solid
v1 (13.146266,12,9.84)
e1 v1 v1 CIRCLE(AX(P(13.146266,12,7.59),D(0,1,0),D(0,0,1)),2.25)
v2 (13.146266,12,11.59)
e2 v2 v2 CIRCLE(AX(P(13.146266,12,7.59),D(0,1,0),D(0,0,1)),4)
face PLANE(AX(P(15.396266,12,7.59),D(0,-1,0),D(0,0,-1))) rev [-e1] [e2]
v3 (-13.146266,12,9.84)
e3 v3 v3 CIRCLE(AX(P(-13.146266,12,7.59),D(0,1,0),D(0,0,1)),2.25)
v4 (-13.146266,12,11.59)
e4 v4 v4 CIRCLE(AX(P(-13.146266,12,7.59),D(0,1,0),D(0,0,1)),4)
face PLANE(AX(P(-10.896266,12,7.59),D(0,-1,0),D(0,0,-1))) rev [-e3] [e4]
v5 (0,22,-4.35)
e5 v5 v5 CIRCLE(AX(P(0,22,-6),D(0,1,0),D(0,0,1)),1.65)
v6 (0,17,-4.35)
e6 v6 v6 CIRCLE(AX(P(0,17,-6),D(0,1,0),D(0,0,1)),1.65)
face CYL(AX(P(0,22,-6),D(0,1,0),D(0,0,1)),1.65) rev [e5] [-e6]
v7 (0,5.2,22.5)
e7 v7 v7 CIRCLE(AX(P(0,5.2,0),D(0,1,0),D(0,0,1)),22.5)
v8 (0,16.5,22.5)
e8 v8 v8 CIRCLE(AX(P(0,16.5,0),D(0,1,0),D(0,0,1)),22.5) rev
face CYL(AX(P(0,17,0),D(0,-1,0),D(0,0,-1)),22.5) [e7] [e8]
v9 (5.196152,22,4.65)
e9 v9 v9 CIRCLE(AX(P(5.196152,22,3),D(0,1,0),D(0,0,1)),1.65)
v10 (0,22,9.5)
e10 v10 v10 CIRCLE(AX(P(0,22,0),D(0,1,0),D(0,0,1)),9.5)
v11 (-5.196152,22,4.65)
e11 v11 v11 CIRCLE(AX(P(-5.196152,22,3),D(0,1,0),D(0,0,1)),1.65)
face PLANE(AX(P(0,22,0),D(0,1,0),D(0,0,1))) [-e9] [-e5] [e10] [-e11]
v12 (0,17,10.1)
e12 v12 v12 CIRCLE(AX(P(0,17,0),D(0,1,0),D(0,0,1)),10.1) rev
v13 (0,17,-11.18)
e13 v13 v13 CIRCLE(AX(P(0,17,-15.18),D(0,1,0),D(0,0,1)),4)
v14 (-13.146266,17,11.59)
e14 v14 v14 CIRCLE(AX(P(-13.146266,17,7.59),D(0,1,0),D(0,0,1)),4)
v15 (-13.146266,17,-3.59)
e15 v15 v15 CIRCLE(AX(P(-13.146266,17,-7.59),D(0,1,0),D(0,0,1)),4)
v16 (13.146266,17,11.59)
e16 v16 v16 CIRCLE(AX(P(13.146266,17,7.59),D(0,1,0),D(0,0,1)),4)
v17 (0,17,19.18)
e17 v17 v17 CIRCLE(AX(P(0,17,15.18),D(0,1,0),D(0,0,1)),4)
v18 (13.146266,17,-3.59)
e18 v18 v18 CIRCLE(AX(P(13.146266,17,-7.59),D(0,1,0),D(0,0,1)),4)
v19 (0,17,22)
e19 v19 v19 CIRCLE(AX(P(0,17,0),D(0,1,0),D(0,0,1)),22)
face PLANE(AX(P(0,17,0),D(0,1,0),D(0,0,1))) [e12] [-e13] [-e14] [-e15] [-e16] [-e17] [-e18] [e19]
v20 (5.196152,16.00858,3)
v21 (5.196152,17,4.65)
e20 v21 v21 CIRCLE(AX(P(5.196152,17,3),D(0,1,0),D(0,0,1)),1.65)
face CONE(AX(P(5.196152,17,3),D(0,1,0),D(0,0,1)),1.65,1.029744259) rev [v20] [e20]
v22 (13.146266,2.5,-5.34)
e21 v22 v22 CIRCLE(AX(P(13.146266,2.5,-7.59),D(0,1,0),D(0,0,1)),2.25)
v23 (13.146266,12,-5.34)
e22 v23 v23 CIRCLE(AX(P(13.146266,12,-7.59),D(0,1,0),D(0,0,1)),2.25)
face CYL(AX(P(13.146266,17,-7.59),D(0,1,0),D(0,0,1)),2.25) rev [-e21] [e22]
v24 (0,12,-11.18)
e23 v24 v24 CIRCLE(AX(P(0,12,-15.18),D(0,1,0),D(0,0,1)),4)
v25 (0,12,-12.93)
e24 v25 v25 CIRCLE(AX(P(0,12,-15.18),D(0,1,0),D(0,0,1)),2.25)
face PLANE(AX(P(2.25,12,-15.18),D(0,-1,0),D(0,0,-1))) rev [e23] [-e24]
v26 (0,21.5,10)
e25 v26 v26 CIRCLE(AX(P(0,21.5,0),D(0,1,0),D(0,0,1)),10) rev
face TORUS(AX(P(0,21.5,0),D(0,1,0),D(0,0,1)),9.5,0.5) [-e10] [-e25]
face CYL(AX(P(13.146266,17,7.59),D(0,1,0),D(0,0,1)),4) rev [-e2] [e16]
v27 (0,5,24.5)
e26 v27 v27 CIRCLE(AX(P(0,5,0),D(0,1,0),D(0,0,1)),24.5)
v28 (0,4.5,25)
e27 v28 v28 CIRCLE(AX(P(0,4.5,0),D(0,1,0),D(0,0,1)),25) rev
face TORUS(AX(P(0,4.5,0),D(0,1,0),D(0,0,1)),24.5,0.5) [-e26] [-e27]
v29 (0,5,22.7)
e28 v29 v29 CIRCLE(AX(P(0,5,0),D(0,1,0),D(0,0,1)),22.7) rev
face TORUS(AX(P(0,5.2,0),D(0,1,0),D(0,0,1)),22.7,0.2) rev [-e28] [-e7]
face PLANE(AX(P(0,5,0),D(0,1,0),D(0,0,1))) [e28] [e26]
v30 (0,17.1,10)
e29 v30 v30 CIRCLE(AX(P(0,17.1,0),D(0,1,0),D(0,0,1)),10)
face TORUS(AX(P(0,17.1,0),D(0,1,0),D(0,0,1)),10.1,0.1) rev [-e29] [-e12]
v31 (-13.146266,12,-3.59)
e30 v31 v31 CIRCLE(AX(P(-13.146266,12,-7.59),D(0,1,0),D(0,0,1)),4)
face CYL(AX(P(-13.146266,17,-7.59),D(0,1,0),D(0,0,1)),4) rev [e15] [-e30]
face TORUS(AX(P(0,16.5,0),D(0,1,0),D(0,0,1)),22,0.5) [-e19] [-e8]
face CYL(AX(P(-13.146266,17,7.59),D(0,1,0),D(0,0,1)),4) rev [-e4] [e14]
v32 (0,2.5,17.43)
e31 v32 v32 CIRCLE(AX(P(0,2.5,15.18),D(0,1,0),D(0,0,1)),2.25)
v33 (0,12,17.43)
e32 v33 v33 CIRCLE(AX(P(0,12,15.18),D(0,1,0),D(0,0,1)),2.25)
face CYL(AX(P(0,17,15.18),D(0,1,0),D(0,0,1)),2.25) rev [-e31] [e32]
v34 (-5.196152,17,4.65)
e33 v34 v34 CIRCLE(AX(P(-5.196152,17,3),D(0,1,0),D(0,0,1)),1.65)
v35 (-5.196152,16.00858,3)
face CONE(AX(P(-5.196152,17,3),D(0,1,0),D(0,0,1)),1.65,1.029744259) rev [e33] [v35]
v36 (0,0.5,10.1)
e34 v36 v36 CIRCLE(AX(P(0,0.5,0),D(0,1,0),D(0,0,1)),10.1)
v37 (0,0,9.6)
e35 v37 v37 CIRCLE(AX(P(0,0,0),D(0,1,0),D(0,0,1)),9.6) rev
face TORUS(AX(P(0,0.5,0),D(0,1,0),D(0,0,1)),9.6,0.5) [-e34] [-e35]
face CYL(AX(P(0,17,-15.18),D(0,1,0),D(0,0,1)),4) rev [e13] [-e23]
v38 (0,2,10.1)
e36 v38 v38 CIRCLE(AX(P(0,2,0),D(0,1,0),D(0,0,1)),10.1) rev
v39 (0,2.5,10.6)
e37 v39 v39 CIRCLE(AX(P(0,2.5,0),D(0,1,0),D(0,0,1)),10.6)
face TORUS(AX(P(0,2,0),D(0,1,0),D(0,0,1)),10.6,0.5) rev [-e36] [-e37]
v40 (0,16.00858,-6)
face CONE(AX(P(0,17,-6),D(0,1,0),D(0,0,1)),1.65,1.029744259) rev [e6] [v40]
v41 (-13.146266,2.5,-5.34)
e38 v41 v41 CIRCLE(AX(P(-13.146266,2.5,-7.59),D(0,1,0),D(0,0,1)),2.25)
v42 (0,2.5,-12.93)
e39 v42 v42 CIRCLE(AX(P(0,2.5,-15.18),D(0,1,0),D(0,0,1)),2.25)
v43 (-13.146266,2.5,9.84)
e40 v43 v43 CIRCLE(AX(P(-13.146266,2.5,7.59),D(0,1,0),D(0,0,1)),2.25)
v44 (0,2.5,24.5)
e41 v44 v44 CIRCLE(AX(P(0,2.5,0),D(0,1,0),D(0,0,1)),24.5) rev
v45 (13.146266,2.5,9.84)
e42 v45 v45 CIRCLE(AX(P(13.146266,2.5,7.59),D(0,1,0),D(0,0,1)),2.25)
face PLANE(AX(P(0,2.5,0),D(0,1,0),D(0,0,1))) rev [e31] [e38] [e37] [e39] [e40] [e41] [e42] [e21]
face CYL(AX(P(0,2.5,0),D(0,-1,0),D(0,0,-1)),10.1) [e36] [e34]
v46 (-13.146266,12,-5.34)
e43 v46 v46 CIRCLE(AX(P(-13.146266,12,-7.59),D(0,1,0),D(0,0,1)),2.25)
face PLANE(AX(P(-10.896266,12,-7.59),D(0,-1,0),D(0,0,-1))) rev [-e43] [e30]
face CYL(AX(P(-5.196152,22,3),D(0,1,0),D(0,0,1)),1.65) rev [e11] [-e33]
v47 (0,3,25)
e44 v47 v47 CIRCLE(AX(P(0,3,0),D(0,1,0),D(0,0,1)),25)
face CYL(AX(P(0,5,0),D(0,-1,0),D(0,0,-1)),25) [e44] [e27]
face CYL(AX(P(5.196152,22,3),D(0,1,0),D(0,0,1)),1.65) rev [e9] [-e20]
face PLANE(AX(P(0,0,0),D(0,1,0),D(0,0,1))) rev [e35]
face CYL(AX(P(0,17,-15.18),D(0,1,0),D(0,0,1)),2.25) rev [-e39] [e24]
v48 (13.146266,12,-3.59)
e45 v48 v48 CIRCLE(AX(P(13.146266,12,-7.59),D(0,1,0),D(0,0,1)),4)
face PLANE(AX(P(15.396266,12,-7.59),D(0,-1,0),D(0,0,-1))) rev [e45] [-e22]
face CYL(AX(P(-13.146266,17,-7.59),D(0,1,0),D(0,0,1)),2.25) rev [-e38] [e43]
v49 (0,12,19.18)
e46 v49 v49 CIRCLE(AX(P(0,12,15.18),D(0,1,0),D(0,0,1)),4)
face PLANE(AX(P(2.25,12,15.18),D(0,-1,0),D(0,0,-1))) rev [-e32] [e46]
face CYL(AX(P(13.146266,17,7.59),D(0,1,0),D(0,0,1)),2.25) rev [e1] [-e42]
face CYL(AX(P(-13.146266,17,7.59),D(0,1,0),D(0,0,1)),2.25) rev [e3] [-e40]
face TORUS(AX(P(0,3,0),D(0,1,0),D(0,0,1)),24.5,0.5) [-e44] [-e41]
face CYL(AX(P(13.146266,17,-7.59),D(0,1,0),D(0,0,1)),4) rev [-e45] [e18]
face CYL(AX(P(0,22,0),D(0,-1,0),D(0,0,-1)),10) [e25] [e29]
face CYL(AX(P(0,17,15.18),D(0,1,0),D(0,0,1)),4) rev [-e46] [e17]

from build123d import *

# Parameters (mm, degrees)
SKETCH_1_R                   = 10.1
EXTRUDE_1_DEPTH              = 2.5
SKETCH_2_R                   = 25
EXTRUDE_2_DEPTH              = 2.5
SKETCH_3_R                   = 22.5
EXTRUDE_4_DEPTH              = 12
SKETCH_5_R                   = 10
EXTRUDE_5_DEPTH              = 5
HOLE_WIZARD_M4_1_D           = 4.5
HOLE_WIZARD_M4_1_CBORE_D     = 8
HOLE_WIZARD_M4_1_CBORE_DEPTH = 5
PATTERN_CIRCULAR_1_COUNT     = 6
PATTERN_CIRCULAR_2_COUNT     = 3
FILLET_1_R                   = 0.5
FILLET_2_R                   = 0.2
FILLET_3_R                   = 0.1
FILLET_4_R                   = 0.5


with BuildPart() as part:
    # 스케치1 → 보스-돌출1 (new body)
    with BuildSketch(Plane(origin=(0, 0, 0), x_dir=(1, 0, 0), z_dir=(0, 1, 0))):
        Circle(SKETCH_1_R)
    extrude(amount=EXTRUDE_1_DEPTH)

    # 스케치2 → 보스-돌출2 (add)
    with BuildSketch(Plane(origin=(0, 2.5, 0), x_dir=(1, 0, 0), z_dir=(0, 1, 0))):
        Circle(SKETCH_2_R)
    extrude(amount=EXTRUDE_2_DEPTH)

    # 스케치3 → 보스-돌출4 (add)
    with BuildSketch(Plane(origin=(0, 5, 0), x_dir=(1, 0, 0), z_dir=(0, 1, 0))):
        Circle(SKETCH_3_R)
    extrude(amount=EXTRUDE_4_DEPTH)

    # 스케치5 → 보스-돌출5 (add)
    with BuildSketch(Plane(origin=(0, 17, 0), x_dir=(1, 0, 0), z_dir=(0, 1, 0))):
        Circle(SKETCH_5_R)
    extrude(amount=EXTRUDE_5_DEPTH)

    # Hole Wizard M4 _ _ _ _ _ _1 (through all)
    with Locations(Plane(origin=(0, 17, 0), x_dir=(1, 0, 0), z_dir=(0, 1, 0))):
        with Locations((0, 15.18)):
            hole_wizard_m4_1 = CounterBoreHole(HOLE_WIZARD_M4_1_D / 2, HOLE_WIZARD_M4_1_CBORE_D / 2, HOLE_WIZARD_M4_1_CBORE_DEPTH)

    # 원형 패턴1: Hole Wizard M4 _ _ _ _ _ _1 ×6 about axis
    pattern_circular_1_axis = Axis((0, 0, 0), (0, 1, 0))
    for i in range(1, PATTERN_CIRCULAR_1_COUNT):
        add(hole_wizard_m4_1.rotate(pattern_circular_1_axis, i * 360 / PATTERN_CIRCULAR_1_COUNT), mode=Mode.SUBTRACT)

    # 스케치13 → Hole Wizard M4 _ _ _ _1 2 (revolve, cut)
    with BuildSketch(Plane(origin=(0, 22, -6), x_dir=(0, 0, 1), z_dir=(1, 0, 0))):
        Polygon((0, 0), (0, 5.991420021), (1.65, 5), (1.65, 0), align=None)
    hole_wizard_m4_1_2 = revolve(axis=Axis((0, 28.35, -6), (0, -1, 0)), mode=Mode.SUBTRACT)

    # 원형 패턴2: Hole Wizard M4 _ _ _ _1 2 ×3 about axis
    pattern_circular_2_axis = Axis((0, 0, 0), (0, 1, 0))
    for i in range(1, PATTERN_CIRCULAR_2_COUNT):
        add(hole_wizard_m4_1_2.rotate(pattern_circular_2_axis, i * 360 / PATTERN_CIRCULAR_2_COUNT), mode=Mode.SUBTRACT)

    # 필렛1
    fillet_1_edges = [part.edges().sort_by_distance(p)[0] for p in [
        (-22.5, 17, 0),
        (-10.1, 0, 0),
        (-10.1, 2.5, 0),
        (-25, 2.5, 0),
        (-25, 5, 0),
    ]]
    fillet(fillet_1_edges, radius=FILLET_1_R)

    # 필렛2
    fillet_2_edges = [part.edges().sort_by_distance(p)[0] for p in [
        (-22.5, 5, 0),
    ]]
    fillet(fillet_2_edges, radius=FILLET_2_R)

    # 필렛3
    fillet_3_edges = [part.edges().sort_by_distance(p)[0] for p in [
        (-10, 17, 0),
    ]]
    fillet(fillet_3_edges, radius=FILLET_3_R)

    # 필렛4
    fillet_4_edges = [part.edges().sort_by_distance(p)[0] for p in [
        (-10, 22, 0),
    ]]
    fillet(fillet_4_edges, radius=FILLET_4_R)


solid = part.part
